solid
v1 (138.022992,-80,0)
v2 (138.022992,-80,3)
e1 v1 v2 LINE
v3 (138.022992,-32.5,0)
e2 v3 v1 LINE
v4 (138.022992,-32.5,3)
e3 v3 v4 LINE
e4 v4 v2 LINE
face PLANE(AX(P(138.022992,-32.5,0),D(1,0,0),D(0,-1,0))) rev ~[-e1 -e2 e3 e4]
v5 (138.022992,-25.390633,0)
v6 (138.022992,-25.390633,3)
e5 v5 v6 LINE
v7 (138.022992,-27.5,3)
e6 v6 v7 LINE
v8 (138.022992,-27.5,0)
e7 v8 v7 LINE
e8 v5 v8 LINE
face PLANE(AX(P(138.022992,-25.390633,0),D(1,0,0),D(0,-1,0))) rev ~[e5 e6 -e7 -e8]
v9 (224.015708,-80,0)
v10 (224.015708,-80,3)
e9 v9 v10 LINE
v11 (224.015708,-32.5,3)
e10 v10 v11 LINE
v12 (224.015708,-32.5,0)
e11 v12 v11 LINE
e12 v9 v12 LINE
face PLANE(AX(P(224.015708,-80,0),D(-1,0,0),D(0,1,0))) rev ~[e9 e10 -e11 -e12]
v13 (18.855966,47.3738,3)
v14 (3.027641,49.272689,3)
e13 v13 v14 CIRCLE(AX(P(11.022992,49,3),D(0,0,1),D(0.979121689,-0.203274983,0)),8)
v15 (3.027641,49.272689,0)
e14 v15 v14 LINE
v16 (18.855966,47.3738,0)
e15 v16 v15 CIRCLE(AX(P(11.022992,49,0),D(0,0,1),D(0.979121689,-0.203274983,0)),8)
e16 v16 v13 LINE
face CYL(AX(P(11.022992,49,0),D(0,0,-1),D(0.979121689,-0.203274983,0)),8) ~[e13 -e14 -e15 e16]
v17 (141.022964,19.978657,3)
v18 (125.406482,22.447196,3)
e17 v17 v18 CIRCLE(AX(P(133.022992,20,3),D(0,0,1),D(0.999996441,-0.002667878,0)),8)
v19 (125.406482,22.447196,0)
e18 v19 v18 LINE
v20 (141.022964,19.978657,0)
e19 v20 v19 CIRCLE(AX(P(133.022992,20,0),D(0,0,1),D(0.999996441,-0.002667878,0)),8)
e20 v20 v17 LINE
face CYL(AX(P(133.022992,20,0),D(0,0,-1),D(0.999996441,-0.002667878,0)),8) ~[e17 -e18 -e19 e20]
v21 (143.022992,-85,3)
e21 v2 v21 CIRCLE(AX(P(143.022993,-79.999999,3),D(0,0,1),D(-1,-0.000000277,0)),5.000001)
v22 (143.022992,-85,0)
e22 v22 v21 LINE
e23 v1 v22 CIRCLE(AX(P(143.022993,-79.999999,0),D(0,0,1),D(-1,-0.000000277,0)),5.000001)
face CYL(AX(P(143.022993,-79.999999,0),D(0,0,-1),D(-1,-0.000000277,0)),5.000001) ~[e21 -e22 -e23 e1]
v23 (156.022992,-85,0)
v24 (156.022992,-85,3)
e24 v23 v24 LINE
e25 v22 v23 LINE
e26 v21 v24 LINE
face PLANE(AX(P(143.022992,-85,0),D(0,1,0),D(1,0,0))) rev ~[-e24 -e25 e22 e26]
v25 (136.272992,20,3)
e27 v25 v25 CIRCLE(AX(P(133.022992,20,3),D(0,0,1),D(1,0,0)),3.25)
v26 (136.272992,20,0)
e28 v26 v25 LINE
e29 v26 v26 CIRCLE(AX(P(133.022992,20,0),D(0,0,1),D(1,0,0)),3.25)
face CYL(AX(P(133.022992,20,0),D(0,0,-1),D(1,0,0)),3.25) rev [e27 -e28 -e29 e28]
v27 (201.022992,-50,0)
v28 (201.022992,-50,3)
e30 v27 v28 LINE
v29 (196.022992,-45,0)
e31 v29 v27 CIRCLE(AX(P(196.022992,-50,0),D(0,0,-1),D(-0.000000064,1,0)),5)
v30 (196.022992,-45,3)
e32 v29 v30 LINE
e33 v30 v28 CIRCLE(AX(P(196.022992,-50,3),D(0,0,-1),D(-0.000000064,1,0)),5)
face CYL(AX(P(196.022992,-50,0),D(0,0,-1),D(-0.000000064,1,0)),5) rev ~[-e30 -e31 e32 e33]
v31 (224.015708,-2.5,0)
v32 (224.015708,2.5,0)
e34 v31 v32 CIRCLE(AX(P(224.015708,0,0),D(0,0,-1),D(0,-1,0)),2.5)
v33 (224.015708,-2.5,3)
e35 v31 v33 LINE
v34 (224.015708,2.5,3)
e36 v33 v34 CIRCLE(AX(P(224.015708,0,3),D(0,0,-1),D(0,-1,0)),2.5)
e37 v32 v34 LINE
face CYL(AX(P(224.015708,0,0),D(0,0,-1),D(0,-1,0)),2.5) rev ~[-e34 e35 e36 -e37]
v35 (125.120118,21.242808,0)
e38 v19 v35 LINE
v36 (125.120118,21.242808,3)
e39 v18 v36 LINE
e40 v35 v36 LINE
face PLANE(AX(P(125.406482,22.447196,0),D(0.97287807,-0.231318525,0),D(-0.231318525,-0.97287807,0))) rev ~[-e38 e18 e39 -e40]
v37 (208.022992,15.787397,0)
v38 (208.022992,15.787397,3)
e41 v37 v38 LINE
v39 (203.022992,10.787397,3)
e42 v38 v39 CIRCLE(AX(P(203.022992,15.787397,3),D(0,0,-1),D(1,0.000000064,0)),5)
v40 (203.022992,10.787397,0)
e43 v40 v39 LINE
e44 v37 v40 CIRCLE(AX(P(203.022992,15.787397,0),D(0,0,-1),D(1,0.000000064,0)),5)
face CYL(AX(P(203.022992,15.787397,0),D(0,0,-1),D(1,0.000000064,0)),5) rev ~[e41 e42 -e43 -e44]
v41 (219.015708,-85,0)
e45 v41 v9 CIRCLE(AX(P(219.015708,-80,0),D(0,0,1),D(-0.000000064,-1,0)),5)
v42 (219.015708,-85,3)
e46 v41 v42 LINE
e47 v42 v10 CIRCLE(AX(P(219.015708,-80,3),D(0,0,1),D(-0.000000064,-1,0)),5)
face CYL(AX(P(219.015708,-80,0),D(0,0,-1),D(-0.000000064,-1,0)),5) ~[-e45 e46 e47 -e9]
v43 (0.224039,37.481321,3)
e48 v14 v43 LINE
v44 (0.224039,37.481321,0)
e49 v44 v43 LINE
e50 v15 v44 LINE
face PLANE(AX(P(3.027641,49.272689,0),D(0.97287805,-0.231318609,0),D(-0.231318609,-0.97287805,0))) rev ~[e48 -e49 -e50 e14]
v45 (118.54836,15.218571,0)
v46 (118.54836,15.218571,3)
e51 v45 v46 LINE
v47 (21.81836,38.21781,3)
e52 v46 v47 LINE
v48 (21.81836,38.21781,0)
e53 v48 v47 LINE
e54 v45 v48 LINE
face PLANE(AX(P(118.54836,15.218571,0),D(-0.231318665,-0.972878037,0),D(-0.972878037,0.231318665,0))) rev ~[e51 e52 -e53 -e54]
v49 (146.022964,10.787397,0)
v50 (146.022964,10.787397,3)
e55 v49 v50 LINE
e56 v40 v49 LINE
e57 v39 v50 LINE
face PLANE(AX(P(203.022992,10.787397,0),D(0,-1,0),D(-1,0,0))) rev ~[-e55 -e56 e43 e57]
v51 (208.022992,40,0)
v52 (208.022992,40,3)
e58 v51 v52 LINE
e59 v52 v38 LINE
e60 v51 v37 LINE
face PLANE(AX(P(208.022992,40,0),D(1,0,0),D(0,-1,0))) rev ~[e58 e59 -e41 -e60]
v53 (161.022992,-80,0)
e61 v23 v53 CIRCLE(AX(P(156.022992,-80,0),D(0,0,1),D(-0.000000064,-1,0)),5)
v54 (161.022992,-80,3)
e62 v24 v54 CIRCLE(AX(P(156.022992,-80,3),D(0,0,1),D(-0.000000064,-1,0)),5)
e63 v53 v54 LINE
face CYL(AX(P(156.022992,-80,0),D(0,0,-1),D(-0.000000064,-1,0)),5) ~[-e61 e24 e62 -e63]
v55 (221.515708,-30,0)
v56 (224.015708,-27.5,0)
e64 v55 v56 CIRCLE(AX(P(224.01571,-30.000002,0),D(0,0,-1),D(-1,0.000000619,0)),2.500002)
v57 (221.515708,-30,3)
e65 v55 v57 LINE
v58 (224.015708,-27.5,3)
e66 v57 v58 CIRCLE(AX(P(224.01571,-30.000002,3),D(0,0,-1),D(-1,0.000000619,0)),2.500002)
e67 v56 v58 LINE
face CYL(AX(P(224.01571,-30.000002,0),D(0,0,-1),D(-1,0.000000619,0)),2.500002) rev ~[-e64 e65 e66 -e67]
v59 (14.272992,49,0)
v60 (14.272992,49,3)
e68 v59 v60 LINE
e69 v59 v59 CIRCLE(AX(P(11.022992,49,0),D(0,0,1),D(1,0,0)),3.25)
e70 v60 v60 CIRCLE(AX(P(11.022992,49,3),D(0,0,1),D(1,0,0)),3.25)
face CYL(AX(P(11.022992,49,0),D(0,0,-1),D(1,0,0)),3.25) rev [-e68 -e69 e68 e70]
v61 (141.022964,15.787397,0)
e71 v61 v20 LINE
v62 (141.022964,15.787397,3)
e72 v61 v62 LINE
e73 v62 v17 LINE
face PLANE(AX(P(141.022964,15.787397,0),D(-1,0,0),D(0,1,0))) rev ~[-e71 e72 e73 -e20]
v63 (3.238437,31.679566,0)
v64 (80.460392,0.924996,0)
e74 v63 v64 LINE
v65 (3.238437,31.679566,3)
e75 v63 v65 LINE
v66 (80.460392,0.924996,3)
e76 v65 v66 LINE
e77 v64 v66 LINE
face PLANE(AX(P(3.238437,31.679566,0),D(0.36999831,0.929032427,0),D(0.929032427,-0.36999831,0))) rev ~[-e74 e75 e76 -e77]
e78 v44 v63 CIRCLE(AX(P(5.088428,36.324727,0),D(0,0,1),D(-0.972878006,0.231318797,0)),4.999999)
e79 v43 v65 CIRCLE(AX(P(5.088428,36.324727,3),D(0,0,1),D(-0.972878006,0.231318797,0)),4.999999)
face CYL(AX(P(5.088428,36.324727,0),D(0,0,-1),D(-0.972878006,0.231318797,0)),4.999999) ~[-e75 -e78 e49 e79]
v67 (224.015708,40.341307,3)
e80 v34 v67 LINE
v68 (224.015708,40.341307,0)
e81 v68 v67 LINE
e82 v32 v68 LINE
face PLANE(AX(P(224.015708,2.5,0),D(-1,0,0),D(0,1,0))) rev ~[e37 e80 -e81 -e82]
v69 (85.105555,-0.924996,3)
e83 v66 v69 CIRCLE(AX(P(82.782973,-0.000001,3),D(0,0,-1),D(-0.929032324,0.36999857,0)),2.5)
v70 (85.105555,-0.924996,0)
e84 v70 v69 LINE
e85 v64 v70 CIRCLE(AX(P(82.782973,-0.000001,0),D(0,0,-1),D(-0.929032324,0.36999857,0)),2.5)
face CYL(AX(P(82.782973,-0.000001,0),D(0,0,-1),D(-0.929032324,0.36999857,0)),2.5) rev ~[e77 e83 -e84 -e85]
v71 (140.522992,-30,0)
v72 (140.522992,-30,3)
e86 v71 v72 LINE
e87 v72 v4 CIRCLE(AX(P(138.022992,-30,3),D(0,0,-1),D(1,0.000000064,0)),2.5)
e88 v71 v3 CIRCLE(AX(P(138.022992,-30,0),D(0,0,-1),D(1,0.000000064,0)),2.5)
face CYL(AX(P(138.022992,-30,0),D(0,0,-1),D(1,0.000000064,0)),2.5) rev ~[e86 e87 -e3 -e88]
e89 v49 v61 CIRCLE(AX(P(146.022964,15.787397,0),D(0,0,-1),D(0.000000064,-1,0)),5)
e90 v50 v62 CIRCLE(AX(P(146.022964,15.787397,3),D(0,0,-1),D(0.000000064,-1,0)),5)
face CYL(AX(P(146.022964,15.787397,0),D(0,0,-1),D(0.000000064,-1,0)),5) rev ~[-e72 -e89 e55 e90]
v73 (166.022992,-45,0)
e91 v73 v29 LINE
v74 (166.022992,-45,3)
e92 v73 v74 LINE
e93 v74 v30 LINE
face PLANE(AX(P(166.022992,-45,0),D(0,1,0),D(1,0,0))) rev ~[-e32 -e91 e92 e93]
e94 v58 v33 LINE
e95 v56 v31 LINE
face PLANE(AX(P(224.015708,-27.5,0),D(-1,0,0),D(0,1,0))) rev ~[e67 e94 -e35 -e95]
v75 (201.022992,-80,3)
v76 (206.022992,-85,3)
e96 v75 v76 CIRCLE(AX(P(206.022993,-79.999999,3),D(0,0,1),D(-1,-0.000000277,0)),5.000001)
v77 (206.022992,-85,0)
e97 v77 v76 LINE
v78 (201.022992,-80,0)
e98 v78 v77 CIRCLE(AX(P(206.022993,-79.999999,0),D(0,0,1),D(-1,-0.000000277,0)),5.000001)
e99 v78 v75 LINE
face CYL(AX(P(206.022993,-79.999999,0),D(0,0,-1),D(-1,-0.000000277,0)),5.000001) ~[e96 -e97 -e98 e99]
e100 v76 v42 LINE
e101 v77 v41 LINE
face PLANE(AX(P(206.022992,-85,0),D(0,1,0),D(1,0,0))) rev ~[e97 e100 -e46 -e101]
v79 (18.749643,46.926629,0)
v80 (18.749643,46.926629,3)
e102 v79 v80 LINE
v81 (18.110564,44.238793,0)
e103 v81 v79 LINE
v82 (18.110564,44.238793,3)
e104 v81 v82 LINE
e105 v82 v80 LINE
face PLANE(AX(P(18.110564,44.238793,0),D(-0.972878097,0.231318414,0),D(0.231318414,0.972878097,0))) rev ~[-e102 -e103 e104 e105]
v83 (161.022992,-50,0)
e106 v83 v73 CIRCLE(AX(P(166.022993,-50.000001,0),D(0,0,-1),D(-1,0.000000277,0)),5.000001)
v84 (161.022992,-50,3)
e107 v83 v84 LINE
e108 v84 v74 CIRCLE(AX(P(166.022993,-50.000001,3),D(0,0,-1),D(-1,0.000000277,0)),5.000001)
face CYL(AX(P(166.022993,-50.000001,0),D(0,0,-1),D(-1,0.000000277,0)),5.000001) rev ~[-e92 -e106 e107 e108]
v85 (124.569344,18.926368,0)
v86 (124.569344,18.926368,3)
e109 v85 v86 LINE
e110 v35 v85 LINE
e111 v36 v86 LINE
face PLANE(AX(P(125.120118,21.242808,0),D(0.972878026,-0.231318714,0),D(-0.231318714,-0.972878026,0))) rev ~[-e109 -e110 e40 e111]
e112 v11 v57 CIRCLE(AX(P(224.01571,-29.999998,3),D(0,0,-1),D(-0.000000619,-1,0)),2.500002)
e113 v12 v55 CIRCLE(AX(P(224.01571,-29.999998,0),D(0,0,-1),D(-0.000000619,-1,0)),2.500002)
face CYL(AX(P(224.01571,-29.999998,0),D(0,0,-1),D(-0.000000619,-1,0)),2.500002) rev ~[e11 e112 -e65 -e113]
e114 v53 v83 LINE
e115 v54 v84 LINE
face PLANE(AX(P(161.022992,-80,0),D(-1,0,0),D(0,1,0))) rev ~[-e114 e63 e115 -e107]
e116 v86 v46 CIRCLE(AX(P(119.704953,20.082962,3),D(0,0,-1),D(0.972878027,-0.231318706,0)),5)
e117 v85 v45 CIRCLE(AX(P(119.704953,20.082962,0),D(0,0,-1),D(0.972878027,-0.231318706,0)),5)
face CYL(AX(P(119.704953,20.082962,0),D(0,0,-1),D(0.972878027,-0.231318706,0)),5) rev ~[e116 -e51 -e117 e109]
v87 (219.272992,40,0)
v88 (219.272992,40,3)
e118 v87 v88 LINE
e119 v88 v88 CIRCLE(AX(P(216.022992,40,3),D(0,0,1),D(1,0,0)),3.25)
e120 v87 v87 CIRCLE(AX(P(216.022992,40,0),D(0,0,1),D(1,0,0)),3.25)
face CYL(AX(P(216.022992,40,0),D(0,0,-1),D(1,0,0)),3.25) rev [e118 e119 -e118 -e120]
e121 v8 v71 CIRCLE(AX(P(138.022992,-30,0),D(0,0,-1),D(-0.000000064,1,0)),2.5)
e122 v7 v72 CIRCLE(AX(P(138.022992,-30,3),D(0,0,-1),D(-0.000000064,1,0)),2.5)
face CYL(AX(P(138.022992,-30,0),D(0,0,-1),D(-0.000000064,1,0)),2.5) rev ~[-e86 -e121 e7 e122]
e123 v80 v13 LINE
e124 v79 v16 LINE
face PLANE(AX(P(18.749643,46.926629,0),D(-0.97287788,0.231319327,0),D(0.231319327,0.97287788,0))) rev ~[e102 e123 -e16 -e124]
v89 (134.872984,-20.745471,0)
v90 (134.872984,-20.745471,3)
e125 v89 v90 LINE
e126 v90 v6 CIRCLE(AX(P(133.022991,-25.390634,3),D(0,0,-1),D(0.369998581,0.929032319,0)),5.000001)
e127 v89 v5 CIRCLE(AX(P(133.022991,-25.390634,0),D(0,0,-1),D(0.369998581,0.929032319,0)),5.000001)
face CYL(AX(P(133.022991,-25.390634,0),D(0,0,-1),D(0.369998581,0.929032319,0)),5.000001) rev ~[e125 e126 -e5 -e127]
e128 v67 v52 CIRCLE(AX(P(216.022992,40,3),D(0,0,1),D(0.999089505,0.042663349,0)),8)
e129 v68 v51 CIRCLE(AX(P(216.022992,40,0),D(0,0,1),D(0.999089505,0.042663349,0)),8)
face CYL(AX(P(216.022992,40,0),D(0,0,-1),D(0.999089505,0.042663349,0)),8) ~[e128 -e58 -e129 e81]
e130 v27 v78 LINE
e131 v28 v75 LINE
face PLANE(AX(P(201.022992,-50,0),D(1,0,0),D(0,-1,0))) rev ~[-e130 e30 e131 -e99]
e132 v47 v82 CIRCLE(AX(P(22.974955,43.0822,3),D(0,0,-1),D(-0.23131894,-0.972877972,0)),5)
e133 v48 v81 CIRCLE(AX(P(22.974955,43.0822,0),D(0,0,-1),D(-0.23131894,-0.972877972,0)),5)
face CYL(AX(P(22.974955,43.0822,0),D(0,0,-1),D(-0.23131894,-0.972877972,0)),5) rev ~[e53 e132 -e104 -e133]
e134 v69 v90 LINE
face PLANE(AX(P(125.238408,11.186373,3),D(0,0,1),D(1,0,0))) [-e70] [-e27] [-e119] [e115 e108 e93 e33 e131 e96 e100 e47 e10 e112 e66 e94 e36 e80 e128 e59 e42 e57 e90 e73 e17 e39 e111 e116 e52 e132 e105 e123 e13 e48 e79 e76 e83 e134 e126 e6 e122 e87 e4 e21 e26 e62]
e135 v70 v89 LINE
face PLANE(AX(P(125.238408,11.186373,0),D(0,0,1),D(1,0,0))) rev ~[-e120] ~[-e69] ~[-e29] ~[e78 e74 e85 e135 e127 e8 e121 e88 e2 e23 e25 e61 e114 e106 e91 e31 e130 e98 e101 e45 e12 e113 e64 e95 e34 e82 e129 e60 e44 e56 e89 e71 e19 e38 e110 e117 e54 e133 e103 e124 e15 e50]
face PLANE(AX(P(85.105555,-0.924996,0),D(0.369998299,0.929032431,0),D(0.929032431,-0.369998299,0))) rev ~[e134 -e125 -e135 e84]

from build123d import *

# Parameters (mm, degrees)
F0_R     = 3.25
F1_DEPTH = 3


with BuildPart() as f1:
    # F0 (on Top) → F1 (new body)
    with BuildSketch(Plane.XY):
        with BuildLine():
            Line((140.522992, -30), (221.515708, -30))
            ThreePointArc((221.515708, -30), (222.247942, -28.232233), (224.015708, -27.5))
            Line((224.015708, -27.5), (224.015708, -2.5))
            ThreePointArc((224.015708, -2.5), (221.515708, 0), (224.015708, 2.5))
            Line((224.015708, 2.5), (224.015708, 39.658693))
            Line((224.015708, 39.658693), (224.015708, 40.341307))
            ThreePointArc((224.015708, 40.341307), (215.8523, 47.998179), (208.022992, 40))
            Line((208.022992, 40), (208.022992, 15.787397))
            ThreePointArc((208.022992, 15.787397), (206.558526, 12.251863), (203.022992, 10.787397))
            Line((203.022992, 10.787397), (146.022964, 10.787397))
            ThreePointArc((146.022964, 10.787397), (142.48743, 12.251863), (141.022964, 15.787397))
            Line((141.022964, 15.787397), (141.022964, 19.978657))
            ThreePointArc((141.022964, 19.978657), (134.272065, 27.901887), (125.406482, 22.447196))
            Line((125.406482, 22.447196), (125.120118, 21.242808))
            Line((125.120118, 21.242808), (124.569344, 18.926368))
            ThreePointArc((124.569344, 18.926368), (122.326762, 15.825483), (118.54836, 15.218571))
            Line((118.54836, 15.218571), (21.81836, 38.21781))
            ThreePointArc((21.81836, 38.21781), (18.717476, 40.460392), (18.110564, 44.238793))
            Line((18.110564, 44.238793), (18.749643, 46.926629))
            Line((18.749643, 46.926629), (18.855966, 47.3738))
            ThreePointArc((18.855966, 47.3738), (11.975902, 56.943045), (3.027641, 49.272689))
            Line((3.027641, 49.272689), (0.224039, 37.481321))
            ThreePointArc((0.224039, 37.481321), (0.651558, 34.019478), (3.238437, 31.679566))
            Line((3.238437, 31.679566), (80.460392, 0.924996))
            ThreePointArc((80.460392, 0.924996), (83.707969, 2.322581), (85.105555, -0.924996))
            Line((85.105555, -0.924996), (134.872984, -20.745471))
            ThreePointArc((134.872984, -20.745471), (137.161226, -22.584387), (138.022992, -25.390633))
            Line((138.022992, -25.390633), (138.022992, -27.5))
            ThreePointArc((138.022992, -27.5), (139.790759, -28.232233), (140.522992, -30))
        make_face()
        with Locations((11.022992, 49)):
            Circle(F0_R, mode=Mode.SUBTRACT)
        with Locations((133.022992, 20)):
            Circle(F0_R, mode=Mode.SUBTRACT)
        with Locations((216.022992, 40)):
            Circle(F0_R, mode=Mode.SUBTRACT)
        with BuildLine():
            Line((206.022992, -85), (219.015708, -85))
            ThreePointArc((219.015708, -85), (222.551242, -83.535534), (224.015708, -80))
            Line((224.015708, -80), (224.015708, -32.5))
            ThreePointArc((224.015708, -32.5), (222.247942, -31.767767), (221.515708, -30))
            Line((221.515708, -30), (140.522992, -30))
            ThreePointArc((140.522992, -30), (139.790759, -31.767767), (138.022992, -32.5))
            Line((138.022992, -32.5), (138.022992, -80))
            ThreePointArc((138.022992, -80), (139.487459, -83.535534), (143.022992, -85))
            Line((143.022992, -85), (156.022992, -85))
            ThreePointArc((156.022992, -85), (159.558526, -83.535534), (161.022992, -80))
            Line((161.022992, -80), (161.022992, -50))
            ThreePointArc((161.022992, -50), (162.487459, -46.464466), (166.022992, -45))
            Line((166.022992, -45), (196.022992, -45))
            ThreePointArc((196.022992, -45), (199.558526, -46.464466), (201.022992, -50))
            Line((201.022992, -50), (201.022992, -80))
            ThreePointArc((201.022992, -80), (202.487459, -83.535534), (206.022992, -85))
        make_face()
    extrude(amount=F1_DEPTH)


solid = f1.part
